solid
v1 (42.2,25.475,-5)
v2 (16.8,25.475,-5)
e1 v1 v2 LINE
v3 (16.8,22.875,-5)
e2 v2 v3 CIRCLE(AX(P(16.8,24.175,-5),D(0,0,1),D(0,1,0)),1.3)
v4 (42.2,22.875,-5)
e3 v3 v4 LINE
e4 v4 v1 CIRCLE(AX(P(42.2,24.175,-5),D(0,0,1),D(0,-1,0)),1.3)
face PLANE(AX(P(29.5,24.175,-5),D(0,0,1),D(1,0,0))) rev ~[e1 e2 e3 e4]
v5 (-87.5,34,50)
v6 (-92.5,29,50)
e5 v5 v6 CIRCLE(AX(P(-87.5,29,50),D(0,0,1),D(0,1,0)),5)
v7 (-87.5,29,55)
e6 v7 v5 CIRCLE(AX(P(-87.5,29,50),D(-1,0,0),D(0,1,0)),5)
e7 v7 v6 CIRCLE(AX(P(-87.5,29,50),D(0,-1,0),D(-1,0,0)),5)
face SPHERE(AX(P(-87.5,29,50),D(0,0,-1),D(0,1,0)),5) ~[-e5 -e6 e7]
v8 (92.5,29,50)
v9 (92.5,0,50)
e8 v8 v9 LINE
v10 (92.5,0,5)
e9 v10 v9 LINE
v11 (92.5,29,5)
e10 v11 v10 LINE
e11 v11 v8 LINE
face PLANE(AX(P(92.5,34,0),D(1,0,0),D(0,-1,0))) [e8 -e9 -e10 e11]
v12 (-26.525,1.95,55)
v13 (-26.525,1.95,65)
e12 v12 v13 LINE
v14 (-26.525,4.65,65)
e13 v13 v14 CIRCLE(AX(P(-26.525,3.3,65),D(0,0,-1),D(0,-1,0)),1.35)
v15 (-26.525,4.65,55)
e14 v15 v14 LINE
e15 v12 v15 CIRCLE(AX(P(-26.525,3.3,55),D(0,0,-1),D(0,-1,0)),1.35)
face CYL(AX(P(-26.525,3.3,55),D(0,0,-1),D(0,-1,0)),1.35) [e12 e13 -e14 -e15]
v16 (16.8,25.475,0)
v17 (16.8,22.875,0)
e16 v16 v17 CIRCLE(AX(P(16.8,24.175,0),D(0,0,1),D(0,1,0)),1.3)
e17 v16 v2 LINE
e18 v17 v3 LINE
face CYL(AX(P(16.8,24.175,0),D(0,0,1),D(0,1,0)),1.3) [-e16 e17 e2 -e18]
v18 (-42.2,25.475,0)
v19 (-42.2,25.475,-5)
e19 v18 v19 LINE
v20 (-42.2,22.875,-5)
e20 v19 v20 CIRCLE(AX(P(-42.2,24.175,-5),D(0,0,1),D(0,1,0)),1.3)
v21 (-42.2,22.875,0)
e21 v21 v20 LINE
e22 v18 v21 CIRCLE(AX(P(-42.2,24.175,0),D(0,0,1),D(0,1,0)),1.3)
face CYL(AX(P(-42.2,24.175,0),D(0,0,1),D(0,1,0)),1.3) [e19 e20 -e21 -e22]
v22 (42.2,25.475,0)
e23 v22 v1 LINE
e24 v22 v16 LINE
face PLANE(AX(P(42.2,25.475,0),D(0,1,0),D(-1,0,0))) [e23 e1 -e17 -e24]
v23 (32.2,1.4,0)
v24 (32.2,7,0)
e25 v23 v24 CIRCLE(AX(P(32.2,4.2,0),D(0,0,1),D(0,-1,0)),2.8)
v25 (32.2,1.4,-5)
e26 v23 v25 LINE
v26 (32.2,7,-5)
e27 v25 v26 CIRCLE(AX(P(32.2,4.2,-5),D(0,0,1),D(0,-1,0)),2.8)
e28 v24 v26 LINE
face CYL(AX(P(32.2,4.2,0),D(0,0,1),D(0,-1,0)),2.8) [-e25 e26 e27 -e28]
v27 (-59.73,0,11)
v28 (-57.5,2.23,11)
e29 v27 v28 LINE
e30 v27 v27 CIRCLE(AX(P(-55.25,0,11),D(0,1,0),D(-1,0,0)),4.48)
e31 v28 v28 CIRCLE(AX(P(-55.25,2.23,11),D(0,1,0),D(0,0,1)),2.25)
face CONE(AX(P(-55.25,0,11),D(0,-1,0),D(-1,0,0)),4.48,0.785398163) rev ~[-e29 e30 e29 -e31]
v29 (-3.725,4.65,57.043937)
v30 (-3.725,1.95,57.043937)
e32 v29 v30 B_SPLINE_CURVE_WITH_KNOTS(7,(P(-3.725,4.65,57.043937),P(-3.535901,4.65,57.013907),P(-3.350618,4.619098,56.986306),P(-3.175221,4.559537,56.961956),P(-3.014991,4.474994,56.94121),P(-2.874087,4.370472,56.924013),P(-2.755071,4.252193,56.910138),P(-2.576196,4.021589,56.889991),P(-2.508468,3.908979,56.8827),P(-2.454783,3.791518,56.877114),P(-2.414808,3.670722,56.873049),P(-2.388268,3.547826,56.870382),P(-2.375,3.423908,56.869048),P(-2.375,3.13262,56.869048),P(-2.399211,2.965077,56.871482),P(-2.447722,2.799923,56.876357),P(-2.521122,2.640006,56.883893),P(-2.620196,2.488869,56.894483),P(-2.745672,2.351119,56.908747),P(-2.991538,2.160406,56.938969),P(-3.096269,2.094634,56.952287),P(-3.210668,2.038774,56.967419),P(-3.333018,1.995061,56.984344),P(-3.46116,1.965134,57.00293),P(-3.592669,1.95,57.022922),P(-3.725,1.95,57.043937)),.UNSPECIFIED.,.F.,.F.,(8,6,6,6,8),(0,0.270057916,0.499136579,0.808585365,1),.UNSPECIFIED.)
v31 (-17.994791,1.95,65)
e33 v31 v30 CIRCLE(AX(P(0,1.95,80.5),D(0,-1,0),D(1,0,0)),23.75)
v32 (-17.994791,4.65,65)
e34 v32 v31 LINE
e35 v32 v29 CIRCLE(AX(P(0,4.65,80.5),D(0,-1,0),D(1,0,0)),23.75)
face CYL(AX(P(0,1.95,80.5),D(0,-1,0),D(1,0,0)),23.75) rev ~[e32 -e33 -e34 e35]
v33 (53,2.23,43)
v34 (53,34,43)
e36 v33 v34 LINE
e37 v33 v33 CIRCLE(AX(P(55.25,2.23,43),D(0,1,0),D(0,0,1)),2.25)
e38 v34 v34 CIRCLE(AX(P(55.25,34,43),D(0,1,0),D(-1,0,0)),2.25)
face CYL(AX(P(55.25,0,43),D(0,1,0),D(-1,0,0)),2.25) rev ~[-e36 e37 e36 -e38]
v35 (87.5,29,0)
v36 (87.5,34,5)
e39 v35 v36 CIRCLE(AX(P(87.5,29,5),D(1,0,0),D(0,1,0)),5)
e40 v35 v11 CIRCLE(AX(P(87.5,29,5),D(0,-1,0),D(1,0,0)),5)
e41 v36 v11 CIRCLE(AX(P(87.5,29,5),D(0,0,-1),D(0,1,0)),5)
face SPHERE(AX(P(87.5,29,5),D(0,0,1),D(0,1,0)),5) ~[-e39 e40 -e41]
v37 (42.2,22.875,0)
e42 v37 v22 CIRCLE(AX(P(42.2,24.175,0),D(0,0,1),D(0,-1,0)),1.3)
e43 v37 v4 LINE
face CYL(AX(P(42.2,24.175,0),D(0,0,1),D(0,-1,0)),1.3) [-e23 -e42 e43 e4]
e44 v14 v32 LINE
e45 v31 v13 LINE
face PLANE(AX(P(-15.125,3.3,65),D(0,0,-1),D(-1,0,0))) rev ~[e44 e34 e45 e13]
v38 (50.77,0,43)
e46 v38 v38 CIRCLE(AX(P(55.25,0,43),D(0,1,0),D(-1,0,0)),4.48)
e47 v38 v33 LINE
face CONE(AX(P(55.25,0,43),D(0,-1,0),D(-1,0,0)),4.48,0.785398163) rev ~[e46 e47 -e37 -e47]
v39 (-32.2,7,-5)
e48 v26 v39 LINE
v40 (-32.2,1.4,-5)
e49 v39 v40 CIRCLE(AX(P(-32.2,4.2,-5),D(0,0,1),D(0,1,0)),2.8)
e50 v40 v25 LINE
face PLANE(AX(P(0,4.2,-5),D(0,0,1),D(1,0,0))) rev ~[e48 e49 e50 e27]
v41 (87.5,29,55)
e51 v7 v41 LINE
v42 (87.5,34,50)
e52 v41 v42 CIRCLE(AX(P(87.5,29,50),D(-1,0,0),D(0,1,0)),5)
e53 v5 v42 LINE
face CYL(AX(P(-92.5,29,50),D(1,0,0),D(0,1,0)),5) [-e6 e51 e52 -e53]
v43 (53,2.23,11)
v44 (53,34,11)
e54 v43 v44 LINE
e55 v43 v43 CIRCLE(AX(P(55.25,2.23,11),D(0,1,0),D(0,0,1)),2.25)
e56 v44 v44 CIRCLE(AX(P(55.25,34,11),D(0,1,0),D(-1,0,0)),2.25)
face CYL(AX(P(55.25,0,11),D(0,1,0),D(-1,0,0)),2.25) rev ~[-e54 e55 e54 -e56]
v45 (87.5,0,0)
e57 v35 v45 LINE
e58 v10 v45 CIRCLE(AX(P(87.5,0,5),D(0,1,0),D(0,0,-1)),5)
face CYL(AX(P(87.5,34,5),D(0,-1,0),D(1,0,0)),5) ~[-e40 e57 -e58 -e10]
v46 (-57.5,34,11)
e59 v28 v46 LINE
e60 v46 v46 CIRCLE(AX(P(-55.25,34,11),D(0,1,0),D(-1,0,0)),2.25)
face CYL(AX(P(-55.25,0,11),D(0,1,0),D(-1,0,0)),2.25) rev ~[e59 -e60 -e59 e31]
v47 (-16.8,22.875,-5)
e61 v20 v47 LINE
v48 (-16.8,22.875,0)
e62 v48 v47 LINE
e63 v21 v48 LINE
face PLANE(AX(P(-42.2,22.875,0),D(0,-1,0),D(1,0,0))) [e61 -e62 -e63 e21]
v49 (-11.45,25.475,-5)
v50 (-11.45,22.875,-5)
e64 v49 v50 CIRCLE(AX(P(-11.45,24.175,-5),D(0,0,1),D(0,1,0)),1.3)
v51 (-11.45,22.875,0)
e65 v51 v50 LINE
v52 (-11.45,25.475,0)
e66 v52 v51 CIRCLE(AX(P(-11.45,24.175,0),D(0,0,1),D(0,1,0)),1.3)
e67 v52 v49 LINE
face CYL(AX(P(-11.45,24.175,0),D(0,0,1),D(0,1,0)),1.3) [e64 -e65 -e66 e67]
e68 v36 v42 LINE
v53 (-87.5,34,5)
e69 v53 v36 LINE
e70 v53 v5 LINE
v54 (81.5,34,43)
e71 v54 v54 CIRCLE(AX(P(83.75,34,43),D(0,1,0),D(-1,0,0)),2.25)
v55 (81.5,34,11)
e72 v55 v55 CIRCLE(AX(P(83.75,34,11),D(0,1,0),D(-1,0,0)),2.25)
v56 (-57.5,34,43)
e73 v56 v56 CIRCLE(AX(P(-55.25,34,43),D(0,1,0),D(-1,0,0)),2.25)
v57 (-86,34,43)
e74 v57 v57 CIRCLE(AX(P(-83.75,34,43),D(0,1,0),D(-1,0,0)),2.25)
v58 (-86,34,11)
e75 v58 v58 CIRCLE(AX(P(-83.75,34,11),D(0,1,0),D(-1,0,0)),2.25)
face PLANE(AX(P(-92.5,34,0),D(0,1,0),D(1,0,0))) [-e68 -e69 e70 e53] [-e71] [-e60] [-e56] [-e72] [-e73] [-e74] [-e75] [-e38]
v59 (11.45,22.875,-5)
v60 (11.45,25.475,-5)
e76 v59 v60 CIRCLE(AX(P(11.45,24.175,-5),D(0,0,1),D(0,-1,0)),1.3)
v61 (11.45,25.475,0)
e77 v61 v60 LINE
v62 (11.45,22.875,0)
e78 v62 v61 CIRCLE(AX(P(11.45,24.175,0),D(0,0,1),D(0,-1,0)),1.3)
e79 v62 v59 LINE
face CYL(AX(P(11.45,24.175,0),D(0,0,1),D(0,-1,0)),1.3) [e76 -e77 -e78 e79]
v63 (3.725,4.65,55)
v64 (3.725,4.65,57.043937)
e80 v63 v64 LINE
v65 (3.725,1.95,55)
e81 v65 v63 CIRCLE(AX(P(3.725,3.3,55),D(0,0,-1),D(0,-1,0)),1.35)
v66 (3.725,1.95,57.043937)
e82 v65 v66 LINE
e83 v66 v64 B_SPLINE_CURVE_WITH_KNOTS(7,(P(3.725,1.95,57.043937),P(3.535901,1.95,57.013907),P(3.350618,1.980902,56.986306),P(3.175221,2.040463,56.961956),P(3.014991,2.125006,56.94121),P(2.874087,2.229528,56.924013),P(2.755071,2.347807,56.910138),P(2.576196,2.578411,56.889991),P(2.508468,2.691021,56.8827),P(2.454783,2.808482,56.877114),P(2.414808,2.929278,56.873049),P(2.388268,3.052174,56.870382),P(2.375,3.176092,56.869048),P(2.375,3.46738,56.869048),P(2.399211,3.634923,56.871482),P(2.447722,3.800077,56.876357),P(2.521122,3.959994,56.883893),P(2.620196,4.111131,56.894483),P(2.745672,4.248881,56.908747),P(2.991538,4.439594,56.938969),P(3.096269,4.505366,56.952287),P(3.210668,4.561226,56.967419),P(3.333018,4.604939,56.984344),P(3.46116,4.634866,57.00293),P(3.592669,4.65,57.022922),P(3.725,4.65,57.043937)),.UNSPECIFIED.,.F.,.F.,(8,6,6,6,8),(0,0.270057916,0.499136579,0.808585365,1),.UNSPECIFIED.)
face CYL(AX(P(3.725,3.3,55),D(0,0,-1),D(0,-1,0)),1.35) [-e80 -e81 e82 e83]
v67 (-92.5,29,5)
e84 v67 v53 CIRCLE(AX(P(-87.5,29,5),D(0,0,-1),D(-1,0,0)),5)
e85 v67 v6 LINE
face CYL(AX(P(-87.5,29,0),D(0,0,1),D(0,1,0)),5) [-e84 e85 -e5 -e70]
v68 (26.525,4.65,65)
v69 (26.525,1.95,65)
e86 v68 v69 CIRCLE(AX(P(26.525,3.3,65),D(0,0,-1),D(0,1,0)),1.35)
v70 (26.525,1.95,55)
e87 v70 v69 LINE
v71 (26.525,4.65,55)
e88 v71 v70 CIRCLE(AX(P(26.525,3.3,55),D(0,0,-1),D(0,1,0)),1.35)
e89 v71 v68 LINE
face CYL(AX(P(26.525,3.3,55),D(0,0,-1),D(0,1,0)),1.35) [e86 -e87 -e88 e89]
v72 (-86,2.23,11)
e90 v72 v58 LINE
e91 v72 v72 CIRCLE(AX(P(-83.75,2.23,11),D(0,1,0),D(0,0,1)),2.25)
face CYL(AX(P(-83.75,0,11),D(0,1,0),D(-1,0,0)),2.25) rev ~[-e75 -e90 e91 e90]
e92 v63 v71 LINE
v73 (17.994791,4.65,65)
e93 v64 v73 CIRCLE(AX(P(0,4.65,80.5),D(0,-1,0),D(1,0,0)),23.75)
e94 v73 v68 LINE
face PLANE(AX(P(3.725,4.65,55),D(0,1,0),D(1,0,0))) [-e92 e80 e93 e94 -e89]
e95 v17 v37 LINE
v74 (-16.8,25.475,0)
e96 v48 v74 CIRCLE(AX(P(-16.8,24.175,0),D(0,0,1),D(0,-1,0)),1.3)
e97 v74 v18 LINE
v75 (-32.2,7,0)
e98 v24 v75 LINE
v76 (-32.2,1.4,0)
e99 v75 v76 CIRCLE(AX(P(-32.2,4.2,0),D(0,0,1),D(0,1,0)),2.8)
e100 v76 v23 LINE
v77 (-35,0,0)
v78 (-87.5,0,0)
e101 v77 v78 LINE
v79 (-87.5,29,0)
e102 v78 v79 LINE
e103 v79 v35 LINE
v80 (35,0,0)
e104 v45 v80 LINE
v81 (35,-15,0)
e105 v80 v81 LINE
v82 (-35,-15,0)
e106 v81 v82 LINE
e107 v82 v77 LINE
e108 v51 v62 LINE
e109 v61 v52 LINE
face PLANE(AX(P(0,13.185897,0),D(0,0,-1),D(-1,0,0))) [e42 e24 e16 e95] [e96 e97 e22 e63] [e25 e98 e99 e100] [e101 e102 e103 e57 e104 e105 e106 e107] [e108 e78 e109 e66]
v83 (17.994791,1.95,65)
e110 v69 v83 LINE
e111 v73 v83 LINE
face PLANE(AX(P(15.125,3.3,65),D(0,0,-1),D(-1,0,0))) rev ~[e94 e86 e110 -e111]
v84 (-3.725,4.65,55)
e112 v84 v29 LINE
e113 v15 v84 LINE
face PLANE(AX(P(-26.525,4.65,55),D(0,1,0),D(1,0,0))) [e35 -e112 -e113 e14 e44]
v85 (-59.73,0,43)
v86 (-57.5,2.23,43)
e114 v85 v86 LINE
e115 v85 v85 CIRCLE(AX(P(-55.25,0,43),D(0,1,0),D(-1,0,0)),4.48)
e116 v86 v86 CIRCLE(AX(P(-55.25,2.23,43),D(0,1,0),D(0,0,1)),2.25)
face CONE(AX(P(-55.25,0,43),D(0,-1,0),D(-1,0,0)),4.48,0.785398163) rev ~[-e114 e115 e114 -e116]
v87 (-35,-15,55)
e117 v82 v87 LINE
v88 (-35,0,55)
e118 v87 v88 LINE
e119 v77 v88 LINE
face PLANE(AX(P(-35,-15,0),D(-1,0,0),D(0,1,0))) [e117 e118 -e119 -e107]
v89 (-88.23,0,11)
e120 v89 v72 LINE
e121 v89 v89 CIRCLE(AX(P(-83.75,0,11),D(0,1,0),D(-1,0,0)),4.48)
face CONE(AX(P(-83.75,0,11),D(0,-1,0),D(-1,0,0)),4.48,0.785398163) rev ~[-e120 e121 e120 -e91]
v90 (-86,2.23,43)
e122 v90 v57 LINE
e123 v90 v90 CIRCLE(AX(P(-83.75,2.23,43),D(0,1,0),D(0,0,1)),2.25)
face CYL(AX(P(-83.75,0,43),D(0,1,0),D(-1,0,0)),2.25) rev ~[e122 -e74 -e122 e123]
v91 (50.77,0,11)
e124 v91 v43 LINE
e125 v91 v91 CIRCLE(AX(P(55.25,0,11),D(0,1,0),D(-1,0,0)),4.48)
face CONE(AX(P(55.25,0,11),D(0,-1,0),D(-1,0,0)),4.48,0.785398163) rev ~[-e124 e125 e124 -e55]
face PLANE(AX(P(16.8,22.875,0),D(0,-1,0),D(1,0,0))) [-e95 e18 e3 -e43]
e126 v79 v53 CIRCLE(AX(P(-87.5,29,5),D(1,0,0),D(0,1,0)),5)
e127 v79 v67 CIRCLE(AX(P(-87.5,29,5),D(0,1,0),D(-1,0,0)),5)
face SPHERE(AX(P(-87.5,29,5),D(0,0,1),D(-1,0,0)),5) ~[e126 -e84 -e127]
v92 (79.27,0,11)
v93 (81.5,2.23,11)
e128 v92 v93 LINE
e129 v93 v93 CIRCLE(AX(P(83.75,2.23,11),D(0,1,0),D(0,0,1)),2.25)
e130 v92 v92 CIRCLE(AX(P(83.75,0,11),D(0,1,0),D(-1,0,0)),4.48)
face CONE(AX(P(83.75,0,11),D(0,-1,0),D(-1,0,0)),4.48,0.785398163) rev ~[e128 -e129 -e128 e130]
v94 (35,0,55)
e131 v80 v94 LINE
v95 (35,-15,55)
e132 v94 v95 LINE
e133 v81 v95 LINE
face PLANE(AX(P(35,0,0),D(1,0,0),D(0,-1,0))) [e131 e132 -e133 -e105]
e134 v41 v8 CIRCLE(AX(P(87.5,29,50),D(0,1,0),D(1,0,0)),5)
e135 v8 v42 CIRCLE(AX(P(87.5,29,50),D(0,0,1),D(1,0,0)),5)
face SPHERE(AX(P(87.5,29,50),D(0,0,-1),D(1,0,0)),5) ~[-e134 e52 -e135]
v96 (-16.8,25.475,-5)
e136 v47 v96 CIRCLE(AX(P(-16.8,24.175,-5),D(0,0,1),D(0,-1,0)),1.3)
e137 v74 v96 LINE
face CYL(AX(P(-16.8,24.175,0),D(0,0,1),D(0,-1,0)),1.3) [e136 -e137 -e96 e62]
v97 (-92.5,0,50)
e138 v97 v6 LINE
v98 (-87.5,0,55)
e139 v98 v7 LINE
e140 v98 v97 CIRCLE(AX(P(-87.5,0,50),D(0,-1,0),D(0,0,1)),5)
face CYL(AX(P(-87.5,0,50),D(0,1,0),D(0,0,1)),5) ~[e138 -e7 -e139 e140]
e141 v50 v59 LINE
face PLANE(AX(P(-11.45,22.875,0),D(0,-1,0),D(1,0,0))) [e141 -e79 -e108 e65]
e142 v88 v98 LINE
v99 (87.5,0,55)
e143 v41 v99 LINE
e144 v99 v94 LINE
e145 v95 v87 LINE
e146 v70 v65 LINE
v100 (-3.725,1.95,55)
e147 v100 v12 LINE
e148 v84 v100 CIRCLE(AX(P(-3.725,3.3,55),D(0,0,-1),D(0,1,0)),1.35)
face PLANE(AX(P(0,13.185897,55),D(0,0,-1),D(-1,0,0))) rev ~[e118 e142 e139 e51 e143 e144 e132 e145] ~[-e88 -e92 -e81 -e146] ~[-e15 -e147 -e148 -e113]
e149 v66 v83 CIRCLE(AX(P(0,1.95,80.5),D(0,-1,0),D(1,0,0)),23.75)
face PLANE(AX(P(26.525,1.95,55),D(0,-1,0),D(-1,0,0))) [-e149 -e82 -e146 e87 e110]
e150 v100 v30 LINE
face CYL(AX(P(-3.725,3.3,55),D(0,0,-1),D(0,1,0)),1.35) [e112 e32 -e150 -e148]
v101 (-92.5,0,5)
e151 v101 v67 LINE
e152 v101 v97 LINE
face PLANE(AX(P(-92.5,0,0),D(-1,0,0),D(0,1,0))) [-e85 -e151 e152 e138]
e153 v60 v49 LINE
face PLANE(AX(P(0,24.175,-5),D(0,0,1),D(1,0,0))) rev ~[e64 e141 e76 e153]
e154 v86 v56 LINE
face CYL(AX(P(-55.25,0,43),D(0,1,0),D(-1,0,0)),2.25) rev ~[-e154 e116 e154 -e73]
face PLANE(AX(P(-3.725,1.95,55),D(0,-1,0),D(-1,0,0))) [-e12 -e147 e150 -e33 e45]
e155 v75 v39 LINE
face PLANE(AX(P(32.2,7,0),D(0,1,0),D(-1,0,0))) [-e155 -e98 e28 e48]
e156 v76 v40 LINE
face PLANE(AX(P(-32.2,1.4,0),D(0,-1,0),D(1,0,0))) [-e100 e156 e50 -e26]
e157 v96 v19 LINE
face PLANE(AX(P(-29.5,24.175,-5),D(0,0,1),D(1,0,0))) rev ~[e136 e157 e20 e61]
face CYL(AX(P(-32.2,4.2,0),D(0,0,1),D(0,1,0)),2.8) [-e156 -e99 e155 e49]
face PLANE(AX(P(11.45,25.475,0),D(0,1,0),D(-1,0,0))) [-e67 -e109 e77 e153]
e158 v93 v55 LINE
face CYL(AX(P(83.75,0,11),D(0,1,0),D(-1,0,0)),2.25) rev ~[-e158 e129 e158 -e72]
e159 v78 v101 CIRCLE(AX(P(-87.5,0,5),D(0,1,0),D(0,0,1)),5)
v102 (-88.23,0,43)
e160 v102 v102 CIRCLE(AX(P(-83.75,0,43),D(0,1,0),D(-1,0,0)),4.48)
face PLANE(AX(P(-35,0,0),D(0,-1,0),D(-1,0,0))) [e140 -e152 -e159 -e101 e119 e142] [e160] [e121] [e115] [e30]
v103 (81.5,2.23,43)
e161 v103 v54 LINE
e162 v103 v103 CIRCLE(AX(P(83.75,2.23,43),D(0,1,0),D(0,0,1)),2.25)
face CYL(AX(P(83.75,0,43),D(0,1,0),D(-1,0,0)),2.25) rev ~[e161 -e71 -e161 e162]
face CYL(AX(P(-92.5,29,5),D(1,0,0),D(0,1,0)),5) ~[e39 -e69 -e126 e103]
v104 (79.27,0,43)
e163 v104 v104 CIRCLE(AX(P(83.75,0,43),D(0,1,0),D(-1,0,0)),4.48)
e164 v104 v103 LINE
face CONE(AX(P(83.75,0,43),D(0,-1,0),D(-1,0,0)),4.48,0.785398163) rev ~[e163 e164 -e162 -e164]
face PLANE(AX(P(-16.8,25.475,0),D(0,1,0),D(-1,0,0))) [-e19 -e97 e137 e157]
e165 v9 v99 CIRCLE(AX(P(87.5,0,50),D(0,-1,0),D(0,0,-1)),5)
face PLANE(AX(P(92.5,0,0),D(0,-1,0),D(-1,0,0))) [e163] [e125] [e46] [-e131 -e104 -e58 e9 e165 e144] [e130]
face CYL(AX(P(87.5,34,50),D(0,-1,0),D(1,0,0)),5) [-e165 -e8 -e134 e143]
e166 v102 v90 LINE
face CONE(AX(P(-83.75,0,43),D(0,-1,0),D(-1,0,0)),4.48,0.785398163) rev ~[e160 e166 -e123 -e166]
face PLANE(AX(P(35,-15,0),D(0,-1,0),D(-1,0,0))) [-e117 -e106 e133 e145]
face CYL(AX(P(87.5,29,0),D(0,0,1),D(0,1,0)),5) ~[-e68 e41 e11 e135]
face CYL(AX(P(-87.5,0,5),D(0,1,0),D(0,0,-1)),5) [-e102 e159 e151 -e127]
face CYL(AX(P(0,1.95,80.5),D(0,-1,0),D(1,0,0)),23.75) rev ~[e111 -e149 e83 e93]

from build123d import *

# Parameters (mm, degrees)
BOSS_EXTRUDE1_DEPTH           = 55
BOSS_EXTRUDE4_DEPTH           = 10
BOSS_EXTRUDE3_DEPTH           = 5
CSK_FOR_M4_SFHCS2_D           = 4.5
CSK_FOR_M4_SFHCS2_CSINK_D     = 8.96
CSK_FOR_M4_SFHCS2_CSINK_ANGLE = 90
FILLET4_R                     = 5
SKETCH12_R                    = 23.75
CUT_EXTRUDE2_DEPTH            = 33.05


with BuildPart() as part:
    # Sketch2 → Boss-Extrude1 (new body)
    with BuildSketch(Plane.XY):
        Polygon((-92.5, 34), (92.5, 34), (92.5, 0), (35, 0), (35, -15), (-35, -15), (-35, 0), (-92.5, 0), align=None)
    extrude(amount=BOSS_EXTRUDE1_DEPTH)

    # Sketch4 → Boss-Extrude4 (add)
    with BuildSketch(Plane.XY.offset(55)):
        with BuildLine():
            Line((-26.525, 4.65), (-3.725, 4.65))
            ThreePointArc((-3.725, 4.65), (-2.375, 3.3), (-3.725, 1.95))
            Line((-3.725, 1.95), (-26.525, 1.95))
            ThreePointArc((-26.525, 1.95), (-27.875, 3.3), (-26.525, 4.65))
        make_face()
        with BuildLine():
            Line((26.525, 1.95), (3.725, 1.95))
            ThreePointArc((3.725, 1.95), (2.375, 3.3), (3.725, 4.65))
            Line((3.725, 4.65), (26.525, 4.65))
            ThreePointArc((26.525, 4.65), (27.875, 3.3), (26.525, 1.95))
        make_face()
    extrude(amount=BOSS_EXTRUDE4_DEPTH)

    # Sketch6 → Boss-Extrude3 (add)
    with BuildSketch(Plane(origin=(0, 0, 0), x_dir=(-1, 0, 0), z_dir=(0, 0, -1))):
        with BuildLine():
            Line((-11.45, 25.475), (11.45, 25.475))
            ThreePointArc((11.45, 25.475), (12.75, 24.175), (11.45, 22.875))
            Line((11.45, 22.875), (-11.45, 22.875))
            ThreePointArc((-11.45, 22.875), (-12.75, 24.175), (-11.45, 25.475))
        make_face()
        with BuildLine():
            Line((16.8, 25.475), (42.2, 25.475))
            ThreePointArc((42.2, 25.475), (43.5, 24.175), (42.2, 22.875))
            Line((42.2, 22.875), (16.8, 22.875))
            ThreePointArc((16.8, 22.875), (15.5, 24.175), (16.8, 25.475))
        make_face()
        with BuildLine():
            Line((-16.8, 22.875), (-42.2, 22.875))
            ThreePointArc((-42.2, 22.875), (-43.5, 24.175), (-42.2, 25.475))
            Line((-42.2, 25.475), (-16.8, 25.475))
            ThreePointArc((-16.8, 25.475), (-15.5, 24.175), (-16.8, 22.875))
        make_face()
        with BuildLine():
            Line((-32.2, 7), (32.2, 7))
            ThreePointArc((32.2, 7), (35, 4.2), (32.2, 1.4))
            Line((32.2, 1.4), (-32.2, 1.4))
            ThreePointArc((-32.2, 1.4), (-35, 4.2), (-32.2, 7))
        make_face()
    extrude(amount=BOSS_EXTRUDE3_DEPTH)

    # CSK for M4 SFHCS2 (through all)
    with Locations(Plane.XZ):
        with Locations((-83.75, 11), (-83.75, 43), (-55.25, 43), (55.25, 43), (83.75, 43), (83.75, 11), (55.25, 11), (-55.25, 11)):
            CounterSinkHole(CSK_FOR_M4_SFHCS2_D / 2, CSK_FOR_M4_SFHCS2_CSINK_D / 2, counter_sink_angle=CSK_FOR_M4_SFHCS2_CSINK_ANGLE)

    # Fillet4
    fillet4_edges = [part.edges().sort_by_distance(p)[0] for p in [
        (-92.5, 34, 27.5),
        (92.5, 34, 27.5),
        (92.5, 17, 55),
        (0, 34, 55),
        (-92.5, 17, 55),
        (-92.5, 17, 0),
        (0, 34, 0),
        (92.5, 17, 0),
    ]]
    fillet(fillet4_edges, radius=FILLET4_R)

    # Sketch12 → Cut-Extrude2 (cut, through all)
    with BuildSketch(Plane.XZ.offset(-1.95)):
        with Locations((0, 80.5)):
            Circle(SKETCH12_R)
    extrude(amount=-CUT_EXTRUDE2_DEPTH, mode=Mode.SUBTRACT)


solid = part.part
